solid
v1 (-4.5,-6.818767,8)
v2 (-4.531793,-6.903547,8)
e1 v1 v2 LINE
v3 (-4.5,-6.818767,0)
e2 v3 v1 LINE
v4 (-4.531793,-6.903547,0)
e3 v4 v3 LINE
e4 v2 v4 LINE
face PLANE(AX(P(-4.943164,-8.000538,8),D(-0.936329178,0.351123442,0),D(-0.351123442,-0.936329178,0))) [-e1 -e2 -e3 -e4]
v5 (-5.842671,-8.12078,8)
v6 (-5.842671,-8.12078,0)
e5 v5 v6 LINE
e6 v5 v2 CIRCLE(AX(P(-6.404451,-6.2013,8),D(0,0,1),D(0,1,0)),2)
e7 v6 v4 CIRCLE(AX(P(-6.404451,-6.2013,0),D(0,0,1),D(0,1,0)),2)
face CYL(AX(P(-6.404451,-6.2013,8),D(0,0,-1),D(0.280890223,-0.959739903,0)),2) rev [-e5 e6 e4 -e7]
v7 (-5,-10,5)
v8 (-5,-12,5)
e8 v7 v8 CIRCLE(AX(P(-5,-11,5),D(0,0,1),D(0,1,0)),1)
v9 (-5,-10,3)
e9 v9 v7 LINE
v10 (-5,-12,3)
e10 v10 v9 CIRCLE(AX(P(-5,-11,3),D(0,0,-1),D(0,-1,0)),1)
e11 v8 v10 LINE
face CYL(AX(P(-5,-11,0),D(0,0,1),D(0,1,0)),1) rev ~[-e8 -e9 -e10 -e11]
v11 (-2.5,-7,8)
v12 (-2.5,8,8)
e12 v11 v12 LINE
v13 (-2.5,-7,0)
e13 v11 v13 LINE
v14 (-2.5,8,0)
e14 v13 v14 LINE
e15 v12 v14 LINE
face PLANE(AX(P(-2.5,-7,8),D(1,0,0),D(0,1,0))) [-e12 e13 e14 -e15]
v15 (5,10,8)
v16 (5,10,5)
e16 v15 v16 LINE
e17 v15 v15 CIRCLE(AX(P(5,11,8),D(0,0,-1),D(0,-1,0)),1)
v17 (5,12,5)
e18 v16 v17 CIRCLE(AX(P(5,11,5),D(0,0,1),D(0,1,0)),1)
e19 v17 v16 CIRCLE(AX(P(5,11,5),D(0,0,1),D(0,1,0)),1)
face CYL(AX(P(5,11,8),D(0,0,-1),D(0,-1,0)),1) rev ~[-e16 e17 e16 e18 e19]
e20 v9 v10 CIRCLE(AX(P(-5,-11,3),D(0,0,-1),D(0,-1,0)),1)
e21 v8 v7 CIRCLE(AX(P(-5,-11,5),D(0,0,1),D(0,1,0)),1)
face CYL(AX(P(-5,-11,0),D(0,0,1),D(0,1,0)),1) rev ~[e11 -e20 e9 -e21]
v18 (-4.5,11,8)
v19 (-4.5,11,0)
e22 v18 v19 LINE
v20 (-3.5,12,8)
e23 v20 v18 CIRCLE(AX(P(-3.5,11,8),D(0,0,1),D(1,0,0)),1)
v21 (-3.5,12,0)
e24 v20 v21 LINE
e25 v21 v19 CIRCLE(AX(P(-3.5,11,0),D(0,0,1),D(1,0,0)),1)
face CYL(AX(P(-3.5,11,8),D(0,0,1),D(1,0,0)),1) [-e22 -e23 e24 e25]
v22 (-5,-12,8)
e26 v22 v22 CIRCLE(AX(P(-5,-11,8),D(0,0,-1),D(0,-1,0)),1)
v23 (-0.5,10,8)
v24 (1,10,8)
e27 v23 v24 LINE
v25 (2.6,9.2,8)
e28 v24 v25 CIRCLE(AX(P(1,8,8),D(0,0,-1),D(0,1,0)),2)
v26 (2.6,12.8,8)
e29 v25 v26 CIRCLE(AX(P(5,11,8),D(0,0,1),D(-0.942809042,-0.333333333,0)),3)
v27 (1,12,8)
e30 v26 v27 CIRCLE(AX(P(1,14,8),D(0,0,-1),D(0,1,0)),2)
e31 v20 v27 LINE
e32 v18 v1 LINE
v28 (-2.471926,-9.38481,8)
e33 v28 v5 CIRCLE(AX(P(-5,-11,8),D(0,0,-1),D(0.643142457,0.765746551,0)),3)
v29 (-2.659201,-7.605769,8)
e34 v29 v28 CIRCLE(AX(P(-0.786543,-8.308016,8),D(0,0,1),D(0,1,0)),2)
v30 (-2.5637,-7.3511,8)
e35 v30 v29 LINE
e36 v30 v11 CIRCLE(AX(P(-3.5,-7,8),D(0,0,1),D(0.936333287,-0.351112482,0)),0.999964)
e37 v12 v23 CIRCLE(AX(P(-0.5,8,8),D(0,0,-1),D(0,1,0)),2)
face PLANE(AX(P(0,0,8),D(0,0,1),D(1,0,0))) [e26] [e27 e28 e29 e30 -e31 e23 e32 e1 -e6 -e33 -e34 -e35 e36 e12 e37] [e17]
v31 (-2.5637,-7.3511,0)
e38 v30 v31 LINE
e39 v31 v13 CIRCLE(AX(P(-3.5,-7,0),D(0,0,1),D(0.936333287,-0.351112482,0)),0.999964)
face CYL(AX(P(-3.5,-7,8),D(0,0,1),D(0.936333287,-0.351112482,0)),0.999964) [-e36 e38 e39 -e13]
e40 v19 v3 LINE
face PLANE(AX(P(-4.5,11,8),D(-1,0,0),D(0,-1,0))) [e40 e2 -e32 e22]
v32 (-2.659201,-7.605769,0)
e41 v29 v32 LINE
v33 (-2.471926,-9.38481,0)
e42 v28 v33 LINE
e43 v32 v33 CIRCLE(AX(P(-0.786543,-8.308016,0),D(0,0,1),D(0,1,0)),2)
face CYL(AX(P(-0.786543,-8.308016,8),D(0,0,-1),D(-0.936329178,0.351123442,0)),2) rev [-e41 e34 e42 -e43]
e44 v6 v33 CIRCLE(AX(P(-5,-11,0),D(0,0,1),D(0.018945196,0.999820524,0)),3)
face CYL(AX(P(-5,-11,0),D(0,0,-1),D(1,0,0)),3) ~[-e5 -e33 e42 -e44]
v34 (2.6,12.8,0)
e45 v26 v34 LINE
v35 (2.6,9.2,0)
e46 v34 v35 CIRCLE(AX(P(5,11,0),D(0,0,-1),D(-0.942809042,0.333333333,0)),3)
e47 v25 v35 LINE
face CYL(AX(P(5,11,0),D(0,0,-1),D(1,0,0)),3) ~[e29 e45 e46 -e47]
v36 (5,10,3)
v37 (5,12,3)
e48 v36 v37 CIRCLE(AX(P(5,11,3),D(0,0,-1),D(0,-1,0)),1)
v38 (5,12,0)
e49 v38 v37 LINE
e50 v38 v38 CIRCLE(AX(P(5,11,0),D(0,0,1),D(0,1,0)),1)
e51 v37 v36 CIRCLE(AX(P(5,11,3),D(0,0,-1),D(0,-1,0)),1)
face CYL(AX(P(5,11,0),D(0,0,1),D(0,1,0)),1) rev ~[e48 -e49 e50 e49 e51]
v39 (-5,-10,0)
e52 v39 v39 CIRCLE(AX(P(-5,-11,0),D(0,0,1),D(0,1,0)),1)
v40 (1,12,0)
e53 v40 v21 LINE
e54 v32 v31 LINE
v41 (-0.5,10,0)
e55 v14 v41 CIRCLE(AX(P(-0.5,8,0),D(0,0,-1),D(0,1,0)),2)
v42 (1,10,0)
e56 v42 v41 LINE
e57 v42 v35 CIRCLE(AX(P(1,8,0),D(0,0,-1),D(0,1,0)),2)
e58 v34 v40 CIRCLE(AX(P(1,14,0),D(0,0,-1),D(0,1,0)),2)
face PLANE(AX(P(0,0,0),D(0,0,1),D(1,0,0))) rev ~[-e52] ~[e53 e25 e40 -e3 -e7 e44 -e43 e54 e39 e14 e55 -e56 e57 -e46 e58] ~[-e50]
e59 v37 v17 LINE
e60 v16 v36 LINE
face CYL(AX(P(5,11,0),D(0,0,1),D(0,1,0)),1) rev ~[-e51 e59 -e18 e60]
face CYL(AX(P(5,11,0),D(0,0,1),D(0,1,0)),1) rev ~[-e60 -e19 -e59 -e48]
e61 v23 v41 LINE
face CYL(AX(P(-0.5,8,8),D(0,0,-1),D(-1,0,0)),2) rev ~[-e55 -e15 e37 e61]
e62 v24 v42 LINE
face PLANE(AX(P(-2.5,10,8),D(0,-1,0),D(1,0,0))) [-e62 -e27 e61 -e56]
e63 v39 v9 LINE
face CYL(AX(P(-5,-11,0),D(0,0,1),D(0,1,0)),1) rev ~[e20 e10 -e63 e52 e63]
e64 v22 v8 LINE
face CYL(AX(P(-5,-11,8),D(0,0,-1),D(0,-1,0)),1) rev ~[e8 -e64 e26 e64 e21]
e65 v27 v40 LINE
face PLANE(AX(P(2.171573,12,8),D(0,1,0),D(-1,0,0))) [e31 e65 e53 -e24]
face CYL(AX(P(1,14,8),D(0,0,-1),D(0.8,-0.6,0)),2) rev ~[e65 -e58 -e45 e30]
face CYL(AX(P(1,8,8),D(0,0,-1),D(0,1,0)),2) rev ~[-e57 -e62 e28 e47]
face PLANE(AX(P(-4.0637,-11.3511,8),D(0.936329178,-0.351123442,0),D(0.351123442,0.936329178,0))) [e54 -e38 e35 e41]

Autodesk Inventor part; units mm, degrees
ref_plane "YZ Plane" through (0, 0, 0) normal (1, 0, 0) x (0, 1, 0)
ref_plane "XZ Plane" through (0, 0, 0) normal (0, 1, 0) x (-1, 0, 0)
ref_plane "XY Plane" through (0, 0, 0) normal (0, 0, 1) x (1, 0, 0)
sketch "Sketch1" plane through (0, 0, 0) normal (0, 0, 1) x (1, 0, 0)
  circle A0 centre (-5, -11) radius 3
  circle A1 centre (5, 11) radius 3
  point P0 (0, 0)
  dimension "d0" = 10
  dimension "d1" = 22
  dimension "d2" = 5
  dimension "d3" = 11
  dimension "d4" = 6
  dimension "d5" = 6
extrude "Extrusion1" add sketch "Sketch1" along normal blind 8
sketch "Sketch2" plane through (5, 11, 8) normal (0, 0, 1) x (1, 0, 0)
  circle A0 centre (0, 0) radius 3 projected
  circle A1 centre (-10, -22) radius 3 projected
  line L0 (-10, -22) -> (-8.5, -18) construction
  line L1 (-9.0637, -22.3511) -> (-7.5637, -18.3511)
  line L2 (-9.4363, -17.6489) -> (-10.9363, -21.6489)
  arc A2 (-10.9363, -21.6489) -> (-9.0637, -22.3511) centre (-10, -22) ccw
  arc A3 (-7.5637, -18.3511) -> (-9.4363, -17.6489) centre (-8.5, -18) ccw
  circle A4 centre (-8.5, 0) radius 1
  point P0 (-5, -11)
  point P1 (-10, -19)
  point P2 (-9.25, -20)
  dimension "d8" = 0
  dimension "d9" = 1.5
  dimension "d10" = 3
  dimension "d11" = 0
  dimension "d12" = 1.5
  dimension "d13" = 4
  dimension "d14" = 2
  dimension "d15" = 2
extrude "Extrusion2" add sketch "Sketch2" against normal blind 8 contours L1 A2 L2 A1 | A1 L2 A3 L1 | A4 picked at (-9.757, -21.03)
sketch "Sketch3" plane through (-3.5, 11, 8) normal (0, 0, 1) x (1, 0, 0)
  circle A0 centre (0, 0) radius 1 projected
  circle A1 centre (8.5, 0) radius 3 projected
  line L0 (0, 0) -> (8.5, 0) construction
  line L1 (0, -1) -> (8.5, -1)
  line L2 (8.5, 1) -> (0, 1)
  arc A2 (0, 1) -> (0, -1) centre (0, 0) ccw
  arc A3 (8.5, -1) -> (8.5, 1) centre (8.5, 0) ccw
  arc A4 (0.9363, -18.3511) -> (-0.9363, -17.6489) centre (0, -18) ccw projected
  line L3 (0, 0) -> (0, -18) construction
  line L4 (-1, 0) -> (-1, -18)
  line L5 (1, -18) -> (1, 0)
  arc A5 (1, 0) -> (-1, 0) centre (0, 0) ccw
  arc A6 (-1, -18) -> (1, -18) centre (0, -18) ccw
  point P0 (3.5, -11)
  point P1 (4.25, 0)
  point P2 (0, -9)
  point P3 (1, -1)
  point P4 (-1, 0)
extrude "Extrusion3" add sketch "Sketch3" against normal blind 8 contours A0 | L5 L1 A0 | A0 L2 A1 L1 L5 | L1 L5 A4 A6 L4 A0 | L2 A3 L1 A1 picked at (7.5064, 0.113)
fillet "Fillet1" radius 2 1 edges at (-2.5, 10, 4)
fillet "Fillet2" radius 2 4 edges at (2.1716, 10, 4) (-4.9432, -8.0005, 4) (-3.0705, -8.7028, 4) (2.1716, 12, 4)
sketch "Sketch4" plane through (0, 0, 0) normal (0, 0, -1) x (-1, 0, 0)
  arc A0 (-2.6, 12.8) -> (-2.6, 9.2) centre (-5, 11) ccw projected
  arc A1 (2.4719, -9.3848) -> (5.8427, -8.1208) centre (5, -11) ccw projected
  point P0 (0, 0)
hole "Hole1" at (5, 11, 0) at (-5, -11, 0) direction (0, 0, 1) diameter 2 depth 5 tip angle 118
sketch "Sketch5" plane through (0, 0, 8) normal (0, 0, 1) x (1, 0, 0)
  circle A0 centre (5, 11) radius 1 projected
  circle A1 centre (-5, -11) radius 1 projected
  point P0 (0, 0)
hole "Hole2" at (5, 11, 8) at (-5, -11, 8) direction (0, 0, -1) diameter 2 depth 5 tip angle 118
properties part number "back"
